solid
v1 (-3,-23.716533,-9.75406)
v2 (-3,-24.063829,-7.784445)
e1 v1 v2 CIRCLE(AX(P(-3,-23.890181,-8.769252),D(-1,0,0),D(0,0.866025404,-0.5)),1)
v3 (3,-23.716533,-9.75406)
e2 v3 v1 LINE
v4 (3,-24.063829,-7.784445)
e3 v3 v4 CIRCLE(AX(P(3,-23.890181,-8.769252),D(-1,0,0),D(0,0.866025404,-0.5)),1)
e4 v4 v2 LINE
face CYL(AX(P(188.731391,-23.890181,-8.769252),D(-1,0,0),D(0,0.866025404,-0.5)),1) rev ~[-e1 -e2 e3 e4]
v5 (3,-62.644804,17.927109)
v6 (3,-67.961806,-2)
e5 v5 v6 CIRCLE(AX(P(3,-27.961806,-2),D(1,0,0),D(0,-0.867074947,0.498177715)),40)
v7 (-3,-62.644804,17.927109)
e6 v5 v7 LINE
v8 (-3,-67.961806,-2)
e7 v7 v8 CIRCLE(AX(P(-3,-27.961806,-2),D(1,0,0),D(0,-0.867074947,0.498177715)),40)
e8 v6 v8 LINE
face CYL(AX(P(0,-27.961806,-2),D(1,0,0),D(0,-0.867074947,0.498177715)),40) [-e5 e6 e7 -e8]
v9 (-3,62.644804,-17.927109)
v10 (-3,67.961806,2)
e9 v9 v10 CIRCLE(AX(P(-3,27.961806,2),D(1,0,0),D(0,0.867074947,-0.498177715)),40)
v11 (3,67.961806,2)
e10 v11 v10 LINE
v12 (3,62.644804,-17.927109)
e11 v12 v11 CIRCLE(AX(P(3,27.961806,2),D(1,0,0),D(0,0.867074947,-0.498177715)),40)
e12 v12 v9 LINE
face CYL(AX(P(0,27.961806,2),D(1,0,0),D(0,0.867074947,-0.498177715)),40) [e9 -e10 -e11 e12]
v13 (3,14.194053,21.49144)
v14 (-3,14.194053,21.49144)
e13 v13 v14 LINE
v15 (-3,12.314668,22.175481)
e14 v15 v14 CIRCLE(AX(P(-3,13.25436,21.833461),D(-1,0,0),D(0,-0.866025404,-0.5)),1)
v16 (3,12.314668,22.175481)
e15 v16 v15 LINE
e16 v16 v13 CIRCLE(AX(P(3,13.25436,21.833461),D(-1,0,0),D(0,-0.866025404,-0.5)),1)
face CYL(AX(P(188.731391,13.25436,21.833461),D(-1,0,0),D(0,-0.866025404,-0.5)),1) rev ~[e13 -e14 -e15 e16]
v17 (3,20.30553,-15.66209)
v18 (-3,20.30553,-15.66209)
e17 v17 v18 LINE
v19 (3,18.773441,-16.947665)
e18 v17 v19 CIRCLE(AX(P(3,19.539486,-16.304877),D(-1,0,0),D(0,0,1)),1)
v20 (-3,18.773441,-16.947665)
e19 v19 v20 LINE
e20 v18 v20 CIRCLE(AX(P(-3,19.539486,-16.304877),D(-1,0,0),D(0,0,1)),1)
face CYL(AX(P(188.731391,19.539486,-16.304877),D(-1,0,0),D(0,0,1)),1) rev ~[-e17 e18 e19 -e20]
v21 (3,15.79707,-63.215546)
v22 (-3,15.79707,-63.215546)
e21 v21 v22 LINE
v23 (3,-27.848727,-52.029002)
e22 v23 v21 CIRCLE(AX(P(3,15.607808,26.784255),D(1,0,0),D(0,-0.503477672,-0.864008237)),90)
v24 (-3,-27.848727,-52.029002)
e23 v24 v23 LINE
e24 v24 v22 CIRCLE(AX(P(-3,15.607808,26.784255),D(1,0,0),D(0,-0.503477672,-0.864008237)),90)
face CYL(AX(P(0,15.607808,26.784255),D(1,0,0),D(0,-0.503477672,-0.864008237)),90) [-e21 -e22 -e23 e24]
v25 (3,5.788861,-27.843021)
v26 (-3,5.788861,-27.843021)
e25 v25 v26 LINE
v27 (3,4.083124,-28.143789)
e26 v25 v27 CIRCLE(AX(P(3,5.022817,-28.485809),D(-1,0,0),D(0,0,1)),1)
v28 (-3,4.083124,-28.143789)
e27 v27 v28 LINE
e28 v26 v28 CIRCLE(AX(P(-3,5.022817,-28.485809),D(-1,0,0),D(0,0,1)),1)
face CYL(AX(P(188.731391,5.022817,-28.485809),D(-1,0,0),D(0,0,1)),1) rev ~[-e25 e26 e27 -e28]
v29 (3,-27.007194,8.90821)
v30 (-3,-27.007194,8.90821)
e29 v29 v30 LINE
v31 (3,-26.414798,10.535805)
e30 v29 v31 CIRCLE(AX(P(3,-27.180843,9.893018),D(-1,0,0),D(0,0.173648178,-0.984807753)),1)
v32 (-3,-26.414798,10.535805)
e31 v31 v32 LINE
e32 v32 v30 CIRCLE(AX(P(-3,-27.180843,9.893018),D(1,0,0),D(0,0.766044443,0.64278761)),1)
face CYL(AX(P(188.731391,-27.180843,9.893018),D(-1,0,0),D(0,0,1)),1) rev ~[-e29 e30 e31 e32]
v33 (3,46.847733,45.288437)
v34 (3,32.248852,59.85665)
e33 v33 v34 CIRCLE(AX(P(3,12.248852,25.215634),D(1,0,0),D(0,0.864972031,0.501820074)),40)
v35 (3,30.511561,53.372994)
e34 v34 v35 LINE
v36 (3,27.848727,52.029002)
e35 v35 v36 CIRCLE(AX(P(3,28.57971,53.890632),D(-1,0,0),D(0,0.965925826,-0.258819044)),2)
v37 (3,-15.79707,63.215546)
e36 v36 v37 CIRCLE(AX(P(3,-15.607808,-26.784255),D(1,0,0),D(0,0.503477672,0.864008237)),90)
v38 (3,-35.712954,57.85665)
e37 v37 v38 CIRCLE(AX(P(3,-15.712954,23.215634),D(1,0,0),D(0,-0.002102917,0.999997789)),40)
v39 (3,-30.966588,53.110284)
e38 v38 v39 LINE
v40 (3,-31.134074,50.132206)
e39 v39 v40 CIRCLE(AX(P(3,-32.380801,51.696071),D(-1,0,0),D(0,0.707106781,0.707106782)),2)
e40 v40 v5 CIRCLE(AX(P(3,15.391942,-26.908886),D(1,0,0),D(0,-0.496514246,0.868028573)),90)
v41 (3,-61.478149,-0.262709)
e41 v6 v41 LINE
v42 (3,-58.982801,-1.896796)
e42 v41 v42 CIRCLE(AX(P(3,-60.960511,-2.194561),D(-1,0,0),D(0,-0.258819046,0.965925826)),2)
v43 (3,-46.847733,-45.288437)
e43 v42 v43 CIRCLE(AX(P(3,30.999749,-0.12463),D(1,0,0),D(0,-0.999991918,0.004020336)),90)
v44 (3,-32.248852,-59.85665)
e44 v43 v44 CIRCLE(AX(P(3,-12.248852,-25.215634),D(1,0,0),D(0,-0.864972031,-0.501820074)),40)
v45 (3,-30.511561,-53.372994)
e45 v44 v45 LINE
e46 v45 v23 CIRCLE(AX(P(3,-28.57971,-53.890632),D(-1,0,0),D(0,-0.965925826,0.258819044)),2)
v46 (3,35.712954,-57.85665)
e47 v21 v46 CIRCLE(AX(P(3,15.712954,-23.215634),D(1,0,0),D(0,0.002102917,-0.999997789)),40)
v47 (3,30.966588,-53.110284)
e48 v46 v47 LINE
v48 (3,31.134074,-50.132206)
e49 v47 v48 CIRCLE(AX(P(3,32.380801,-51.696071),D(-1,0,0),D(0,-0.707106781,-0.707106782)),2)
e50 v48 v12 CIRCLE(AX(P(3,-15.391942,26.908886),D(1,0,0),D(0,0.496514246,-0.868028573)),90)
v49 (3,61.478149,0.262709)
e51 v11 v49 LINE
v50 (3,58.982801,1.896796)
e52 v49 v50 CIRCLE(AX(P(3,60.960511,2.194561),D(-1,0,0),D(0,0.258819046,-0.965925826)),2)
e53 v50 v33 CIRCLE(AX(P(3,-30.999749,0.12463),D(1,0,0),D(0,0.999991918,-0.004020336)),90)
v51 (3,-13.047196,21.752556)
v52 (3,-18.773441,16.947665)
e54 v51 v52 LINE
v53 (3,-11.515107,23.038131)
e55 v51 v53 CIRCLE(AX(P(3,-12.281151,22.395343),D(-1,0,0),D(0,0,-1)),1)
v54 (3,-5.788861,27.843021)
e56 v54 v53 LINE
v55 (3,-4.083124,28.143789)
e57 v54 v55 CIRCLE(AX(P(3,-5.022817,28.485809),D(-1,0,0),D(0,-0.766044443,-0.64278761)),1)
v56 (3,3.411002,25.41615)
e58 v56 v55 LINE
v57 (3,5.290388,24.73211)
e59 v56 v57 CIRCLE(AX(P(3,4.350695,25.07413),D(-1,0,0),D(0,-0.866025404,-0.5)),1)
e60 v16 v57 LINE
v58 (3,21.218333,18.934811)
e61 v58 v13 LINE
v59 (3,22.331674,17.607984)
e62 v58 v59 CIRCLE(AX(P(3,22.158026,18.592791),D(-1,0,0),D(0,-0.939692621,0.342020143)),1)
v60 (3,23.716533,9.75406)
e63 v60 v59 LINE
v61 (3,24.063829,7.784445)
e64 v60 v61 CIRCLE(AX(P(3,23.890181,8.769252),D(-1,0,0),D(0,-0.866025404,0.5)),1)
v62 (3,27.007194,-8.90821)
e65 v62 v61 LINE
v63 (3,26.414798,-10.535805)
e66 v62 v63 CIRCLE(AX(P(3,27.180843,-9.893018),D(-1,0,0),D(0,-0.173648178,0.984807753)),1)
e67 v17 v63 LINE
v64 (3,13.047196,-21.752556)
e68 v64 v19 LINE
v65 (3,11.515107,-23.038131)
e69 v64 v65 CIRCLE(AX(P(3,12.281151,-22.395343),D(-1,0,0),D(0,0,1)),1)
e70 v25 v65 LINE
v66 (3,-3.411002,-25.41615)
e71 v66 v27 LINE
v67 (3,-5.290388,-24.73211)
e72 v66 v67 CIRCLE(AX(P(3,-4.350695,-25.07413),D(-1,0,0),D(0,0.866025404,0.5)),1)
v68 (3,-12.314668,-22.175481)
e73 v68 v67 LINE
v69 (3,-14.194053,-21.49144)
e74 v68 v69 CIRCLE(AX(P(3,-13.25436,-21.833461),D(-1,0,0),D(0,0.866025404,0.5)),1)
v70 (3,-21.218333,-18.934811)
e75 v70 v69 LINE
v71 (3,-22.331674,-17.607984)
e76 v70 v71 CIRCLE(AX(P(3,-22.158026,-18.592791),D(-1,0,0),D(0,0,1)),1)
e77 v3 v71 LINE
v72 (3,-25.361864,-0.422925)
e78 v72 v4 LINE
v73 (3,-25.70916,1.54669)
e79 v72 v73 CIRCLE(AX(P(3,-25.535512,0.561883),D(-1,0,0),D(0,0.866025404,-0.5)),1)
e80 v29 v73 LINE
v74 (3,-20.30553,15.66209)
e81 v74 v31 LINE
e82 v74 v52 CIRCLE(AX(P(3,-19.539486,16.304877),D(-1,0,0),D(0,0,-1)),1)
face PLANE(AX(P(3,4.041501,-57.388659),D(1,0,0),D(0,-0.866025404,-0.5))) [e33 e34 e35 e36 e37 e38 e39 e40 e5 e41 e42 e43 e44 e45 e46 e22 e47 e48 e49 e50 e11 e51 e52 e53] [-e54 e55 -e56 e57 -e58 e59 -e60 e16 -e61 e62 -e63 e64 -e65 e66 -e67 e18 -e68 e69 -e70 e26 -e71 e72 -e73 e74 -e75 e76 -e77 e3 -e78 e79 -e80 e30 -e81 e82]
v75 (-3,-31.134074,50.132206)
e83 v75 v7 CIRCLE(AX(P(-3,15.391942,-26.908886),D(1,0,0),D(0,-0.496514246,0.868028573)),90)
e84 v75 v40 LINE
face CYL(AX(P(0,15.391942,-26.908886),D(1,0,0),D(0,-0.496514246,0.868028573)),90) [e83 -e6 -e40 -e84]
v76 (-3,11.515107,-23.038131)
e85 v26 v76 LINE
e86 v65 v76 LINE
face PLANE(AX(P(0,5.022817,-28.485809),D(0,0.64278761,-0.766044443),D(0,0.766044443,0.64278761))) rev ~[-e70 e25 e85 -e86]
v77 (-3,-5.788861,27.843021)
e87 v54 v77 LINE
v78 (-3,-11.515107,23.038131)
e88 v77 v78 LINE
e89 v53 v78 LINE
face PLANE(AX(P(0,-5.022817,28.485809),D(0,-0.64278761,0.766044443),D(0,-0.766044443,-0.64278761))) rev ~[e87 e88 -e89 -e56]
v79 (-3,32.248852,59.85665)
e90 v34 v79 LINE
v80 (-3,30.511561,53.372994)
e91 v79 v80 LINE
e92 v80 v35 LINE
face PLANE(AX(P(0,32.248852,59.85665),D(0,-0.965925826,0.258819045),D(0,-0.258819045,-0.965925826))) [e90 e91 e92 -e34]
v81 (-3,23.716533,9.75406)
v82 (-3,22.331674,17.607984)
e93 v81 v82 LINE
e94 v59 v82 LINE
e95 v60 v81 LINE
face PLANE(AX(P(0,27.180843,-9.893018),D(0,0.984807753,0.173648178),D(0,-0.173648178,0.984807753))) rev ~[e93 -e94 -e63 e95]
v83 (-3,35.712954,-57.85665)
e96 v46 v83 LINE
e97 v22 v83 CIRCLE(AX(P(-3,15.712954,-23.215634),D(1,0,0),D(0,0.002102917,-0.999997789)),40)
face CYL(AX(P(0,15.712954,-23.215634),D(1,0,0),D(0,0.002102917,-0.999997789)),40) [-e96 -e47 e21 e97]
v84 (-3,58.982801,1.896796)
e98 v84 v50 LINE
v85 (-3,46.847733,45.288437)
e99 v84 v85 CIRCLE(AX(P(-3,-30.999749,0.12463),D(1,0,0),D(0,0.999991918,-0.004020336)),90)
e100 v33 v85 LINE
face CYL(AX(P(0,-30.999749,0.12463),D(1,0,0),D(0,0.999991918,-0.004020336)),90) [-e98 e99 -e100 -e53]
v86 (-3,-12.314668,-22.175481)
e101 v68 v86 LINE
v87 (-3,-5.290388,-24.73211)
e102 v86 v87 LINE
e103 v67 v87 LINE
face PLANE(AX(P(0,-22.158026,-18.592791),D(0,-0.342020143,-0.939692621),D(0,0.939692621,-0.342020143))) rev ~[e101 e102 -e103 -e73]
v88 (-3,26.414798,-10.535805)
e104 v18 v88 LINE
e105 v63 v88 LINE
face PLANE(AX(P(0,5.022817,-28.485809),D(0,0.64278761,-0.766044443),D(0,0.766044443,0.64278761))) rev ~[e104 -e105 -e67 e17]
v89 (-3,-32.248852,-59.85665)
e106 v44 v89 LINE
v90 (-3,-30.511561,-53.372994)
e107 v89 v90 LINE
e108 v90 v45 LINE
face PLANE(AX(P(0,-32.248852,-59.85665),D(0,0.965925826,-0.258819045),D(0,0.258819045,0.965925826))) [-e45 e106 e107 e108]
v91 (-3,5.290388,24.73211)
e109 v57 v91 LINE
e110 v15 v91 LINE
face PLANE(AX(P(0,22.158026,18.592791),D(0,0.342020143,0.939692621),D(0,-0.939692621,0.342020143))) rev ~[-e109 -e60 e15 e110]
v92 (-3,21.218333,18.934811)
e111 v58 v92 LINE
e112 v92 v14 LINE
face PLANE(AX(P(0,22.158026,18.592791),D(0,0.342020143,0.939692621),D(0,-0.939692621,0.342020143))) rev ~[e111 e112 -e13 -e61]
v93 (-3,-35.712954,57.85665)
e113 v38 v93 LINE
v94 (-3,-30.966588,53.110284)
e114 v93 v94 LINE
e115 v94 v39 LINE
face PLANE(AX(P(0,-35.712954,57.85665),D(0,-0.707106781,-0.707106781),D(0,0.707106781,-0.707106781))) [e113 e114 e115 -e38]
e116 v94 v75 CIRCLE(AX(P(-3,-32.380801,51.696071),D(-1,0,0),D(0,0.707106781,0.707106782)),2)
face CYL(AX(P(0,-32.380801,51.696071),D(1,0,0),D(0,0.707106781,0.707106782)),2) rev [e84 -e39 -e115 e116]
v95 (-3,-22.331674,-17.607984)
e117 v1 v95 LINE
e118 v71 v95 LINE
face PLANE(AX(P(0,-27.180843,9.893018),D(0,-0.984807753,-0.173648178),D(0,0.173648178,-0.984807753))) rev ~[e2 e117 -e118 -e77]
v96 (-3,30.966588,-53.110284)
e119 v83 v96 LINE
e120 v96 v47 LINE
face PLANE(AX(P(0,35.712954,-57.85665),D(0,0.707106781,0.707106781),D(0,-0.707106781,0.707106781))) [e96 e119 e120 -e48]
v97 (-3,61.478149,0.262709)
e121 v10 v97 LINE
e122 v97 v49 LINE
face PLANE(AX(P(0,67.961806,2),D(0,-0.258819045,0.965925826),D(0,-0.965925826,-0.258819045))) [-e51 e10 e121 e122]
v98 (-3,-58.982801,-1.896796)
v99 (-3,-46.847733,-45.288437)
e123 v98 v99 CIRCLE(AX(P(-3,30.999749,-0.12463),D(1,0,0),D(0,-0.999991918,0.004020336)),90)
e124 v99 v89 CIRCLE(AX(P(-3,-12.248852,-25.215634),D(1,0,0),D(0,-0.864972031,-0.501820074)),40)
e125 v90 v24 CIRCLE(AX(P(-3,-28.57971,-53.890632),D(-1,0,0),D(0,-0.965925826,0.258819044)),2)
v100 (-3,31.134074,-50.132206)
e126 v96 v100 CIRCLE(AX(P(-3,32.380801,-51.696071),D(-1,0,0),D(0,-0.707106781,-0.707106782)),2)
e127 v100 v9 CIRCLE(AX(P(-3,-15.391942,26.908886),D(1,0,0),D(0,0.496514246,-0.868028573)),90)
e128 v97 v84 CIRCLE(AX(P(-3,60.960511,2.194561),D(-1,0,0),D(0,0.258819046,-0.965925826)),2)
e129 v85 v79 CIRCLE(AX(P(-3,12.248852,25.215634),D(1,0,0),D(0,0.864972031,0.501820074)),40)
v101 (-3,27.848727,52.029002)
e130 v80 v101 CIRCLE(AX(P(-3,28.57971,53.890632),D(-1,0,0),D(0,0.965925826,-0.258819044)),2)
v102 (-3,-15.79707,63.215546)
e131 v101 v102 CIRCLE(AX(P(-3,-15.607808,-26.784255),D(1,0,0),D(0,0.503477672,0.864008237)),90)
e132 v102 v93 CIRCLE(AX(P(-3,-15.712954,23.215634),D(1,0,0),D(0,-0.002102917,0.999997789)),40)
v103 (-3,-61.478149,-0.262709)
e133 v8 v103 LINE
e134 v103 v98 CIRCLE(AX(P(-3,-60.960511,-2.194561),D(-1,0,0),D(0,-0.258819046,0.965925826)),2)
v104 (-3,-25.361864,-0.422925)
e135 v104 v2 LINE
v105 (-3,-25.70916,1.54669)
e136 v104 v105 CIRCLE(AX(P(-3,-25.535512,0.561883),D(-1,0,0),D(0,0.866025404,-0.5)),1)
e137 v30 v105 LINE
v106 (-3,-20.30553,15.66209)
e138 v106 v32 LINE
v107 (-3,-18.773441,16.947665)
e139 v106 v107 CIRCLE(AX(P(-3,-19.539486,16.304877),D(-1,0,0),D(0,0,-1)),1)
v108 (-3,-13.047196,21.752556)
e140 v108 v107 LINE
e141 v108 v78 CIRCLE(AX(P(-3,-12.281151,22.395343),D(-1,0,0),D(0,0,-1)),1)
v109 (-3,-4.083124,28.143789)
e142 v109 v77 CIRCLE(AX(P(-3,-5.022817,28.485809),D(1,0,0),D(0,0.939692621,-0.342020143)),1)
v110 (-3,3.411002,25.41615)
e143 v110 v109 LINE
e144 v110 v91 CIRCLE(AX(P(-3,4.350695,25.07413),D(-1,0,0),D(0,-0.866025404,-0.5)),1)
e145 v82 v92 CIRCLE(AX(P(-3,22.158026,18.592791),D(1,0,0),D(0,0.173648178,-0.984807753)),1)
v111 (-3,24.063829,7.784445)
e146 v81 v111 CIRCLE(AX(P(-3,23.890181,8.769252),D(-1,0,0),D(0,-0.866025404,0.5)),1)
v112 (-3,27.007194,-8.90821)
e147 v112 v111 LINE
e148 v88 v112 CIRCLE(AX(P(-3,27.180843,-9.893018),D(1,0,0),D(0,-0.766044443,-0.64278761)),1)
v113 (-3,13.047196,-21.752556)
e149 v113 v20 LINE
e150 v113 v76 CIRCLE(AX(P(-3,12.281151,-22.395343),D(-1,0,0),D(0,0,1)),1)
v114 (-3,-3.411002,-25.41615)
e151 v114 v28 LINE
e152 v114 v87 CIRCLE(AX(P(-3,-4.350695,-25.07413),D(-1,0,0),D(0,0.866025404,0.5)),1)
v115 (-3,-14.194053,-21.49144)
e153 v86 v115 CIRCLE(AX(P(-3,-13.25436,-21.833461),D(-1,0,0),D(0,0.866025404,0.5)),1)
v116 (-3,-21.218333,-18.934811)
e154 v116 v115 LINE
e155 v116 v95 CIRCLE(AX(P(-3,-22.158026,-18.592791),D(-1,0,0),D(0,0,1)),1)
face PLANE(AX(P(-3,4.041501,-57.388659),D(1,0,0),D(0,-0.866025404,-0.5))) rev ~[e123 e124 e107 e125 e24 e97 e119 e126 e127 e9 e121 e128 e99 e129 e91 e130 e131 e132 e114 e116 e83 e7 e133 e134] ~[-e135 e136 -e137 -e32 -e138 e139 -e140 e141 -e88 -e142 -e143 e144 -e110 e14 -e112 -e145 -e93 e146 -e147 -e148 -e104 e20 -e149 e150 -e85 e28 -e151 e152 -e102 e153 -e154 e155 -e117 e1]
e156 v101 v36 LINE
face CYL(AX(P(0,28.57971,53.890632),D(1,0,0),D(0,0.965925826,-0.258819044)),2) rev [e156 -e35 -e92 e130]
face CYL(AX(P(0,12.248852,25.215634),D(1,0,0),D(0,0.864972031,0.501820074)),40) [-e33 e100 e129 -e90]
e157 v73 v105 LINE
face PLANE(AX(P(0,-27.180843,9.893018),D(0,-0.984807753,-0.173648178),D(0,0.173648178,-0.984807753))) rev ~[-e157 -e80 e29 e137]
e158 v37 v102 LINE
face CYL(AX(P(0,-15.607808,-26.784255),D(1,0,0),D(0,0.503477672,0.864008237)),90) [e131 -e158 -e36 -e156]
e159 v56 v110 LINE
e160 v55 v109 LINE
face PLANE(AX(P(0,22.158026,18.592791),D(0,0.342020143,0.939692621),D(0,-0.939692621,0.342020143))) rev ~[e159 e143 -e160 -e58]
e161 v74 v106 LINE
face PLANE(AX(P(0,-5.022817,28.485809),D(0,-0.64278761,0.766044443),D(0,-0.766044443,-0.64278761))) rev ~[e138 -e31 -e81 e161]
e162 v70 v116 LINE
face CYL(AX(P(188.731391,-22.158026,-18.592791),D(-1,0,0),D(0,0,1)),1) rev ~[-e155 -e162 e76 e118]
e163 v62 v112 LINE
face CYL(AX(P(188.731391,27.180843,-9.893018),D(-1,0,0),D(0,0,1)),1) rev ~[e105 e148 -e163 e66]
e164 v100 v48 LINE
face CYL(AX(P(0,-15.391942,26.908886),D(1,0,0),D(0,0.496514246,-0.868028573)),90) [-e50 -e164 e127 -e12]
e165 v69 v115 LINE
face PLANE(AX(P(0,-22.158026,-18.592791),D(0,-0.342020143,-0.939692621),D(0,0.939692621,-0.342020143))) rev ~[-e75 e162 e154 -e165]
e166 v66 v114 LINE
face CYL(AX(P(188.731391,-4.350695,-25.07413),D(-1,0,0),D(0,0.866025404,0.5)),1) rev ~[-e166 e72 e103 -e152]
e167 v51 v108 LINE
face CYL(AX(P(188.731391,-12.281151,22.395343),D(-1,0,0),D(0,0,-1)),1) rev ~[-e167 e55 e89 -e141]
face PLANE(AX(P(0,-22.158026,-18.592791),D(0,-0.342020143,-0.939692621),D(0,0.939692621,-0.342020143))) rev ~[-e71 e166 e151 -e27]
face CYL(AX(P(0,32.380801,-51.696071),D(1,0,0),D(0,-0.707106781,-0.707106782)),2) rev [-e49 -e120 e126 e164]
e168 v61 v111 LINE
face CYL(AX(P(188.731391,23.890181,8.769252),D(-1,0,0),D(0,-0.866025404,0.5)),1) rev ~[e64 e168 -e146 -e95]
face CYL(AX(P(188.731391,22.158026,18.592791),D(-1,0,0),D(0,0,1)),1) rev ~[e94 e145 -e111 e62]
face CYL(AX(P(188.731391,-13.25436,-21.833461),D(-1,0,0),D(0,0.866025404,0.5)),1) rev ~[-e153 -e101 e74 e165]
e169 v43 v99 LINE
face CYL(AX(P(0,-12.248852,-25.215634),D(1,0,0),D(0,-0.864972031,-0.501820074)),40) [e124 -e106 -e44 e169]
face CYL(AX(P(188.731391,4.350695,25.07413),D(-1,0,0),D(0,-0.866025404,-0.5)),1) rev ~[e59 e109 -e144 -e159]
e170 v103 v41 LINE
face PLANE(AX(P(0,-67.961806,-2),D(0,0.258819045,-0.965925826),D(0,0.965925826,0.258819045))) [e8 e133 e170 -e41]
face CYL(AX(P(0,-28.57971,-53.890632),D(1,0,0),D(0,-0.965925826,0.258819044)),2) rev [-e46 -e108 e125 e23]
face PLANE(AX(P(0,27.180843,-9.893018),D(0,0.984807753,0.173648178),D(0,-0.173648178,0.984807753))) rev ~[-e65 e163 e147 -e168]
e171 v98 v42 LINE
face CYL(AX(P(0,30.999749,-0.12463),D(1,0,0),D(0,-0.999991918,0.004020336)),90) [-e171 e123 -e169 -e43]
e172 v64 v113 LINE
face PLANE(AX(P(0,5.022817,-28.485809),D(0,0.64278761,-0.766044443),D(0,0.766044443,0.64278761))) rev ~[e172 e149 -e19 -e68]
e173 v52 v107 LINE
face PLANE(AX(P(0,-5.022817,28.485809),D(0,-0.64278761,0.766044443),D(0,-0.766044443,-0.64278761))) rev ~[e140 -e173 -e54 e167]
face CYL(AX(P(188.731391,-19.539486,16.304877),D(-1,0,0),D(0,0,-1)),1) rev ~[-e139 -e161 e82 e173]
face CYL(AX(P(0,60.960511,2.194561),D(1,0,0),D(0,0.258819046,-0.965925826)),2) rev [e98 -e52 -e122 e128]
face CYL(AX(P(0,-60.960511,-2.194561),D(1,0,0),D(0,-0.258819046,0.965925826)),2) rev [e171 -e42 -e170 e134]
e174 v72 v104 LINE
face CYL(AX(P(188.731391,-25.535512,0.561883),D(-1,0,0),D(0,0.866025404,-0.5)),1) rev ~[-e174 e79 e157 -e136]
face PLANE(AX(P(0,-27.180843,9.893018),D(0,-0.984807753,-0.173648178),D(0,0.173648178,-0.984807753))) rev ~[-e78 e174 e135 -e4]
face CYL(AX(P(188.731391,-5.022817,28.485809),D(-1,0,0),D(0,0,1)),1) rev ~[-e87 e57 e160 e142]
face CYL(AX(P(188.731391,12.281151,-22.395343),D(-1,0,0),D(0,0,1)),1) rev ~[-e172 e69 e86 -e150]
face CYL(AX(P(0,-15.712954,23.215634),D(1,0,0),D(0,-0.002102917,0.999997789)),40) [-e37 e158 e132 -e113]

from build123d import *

# Parameters (mm, degrees)
SKETCH1_R                = 59
EXTRUDE1_DEPTH           = 3
EXTRUDE2_DEPTH           = 3
CIRPATTERN1_COUNT        = 6
F_2_0_2_DIAMETER_HOLE1_D = 2
F_2_0_2_DIAMETER_HOLE3_D = 2
F_2_0_2_DIAMETER_HOLE4_D = 2
CIRPATTERN2_COUNT        = 6
CIRPATTERN3_COUNT        = 5
CIRPATTERN3_ANGLE        = 240


with BuildPart() as part:
    # Sketch1 → Extrude1 (new, symmetric)
    with BuildSketch(Plane(origin=(0, 0, 0), x_dir=(0, 0, -1), z_dir=(1, 0, 0))):
        Circle(SKETCH1_R)
        Polygon((28.485808967, 5.022816688), (9.893017633, 27.180842557), (-18.592791334, 22.158025869), (-28.485808967, -5.022816688), (-9.893017633, -27.180842557), (18.592791334, -22.158025869), align=None, mode=Mode.SUBTRACT)
    extrude(amount=EXTRUDE1_DEPTH, both=True)

    # Sketch2 → Extrude2 (add, symmetric)
    with BuildSketch(Plane(origin=(0, 0, 0), x_dir=(0, 0, -1), z_dir=(1, 0, 0))):
        with BuildLine():
            Line((-2, 67.961805723), (-0.262709442, 61.478149092))
            ThreePointArc((-0.262709442, 61.478149092), (-0.58620663, 59.77173183), (-2.122608272, 58.961805723))
            ThreePointArc((-2.122608272, 58.961805723), (28.679663449, 51.560419941), (51.21368579, 29.294340542))
            ThreePointArc((51.21368579, 29.294340542), (36.791707484, 48.186627241), (17.927108603, 62.644803614))
            ThreePointArc((17.927108603, 62.644803614), (8.312130826, 66.609702921), (-2, 67.961805723))
        make_face()
    extrude2 = extrude(amount=EXTRUDE2_DEPTH, both=True)

    # CirPattern1: Extrude2 ×6 about axis
    cirpattern1_axis = Axis((0, 0, 0), (1, 0, 0))
    for i in range(1, CIRPATTERN1_COUNT):
        add(extrude2.rotate(cirpattern1_axis, i * 360 / CIRPATTERN1_COUNT))

    # Ø2.0 (2) Diameter Hole1 (through all)
    with Locations(Plane(origin=(3, 0, 0), x_dir=(0, 0, -1), z_dir=(1, 0, 0))):
        with Locations((9.893017633, 27.180842557), (28.485808967, 5.022816688), (18.592791334, -22.158025869), (-9.893017633, -27.180842557), (-28.485808967, -5.022816688), (-18.592791334, 22.158025869)):
            Hole(F_2_0_2_DIAMETER_HOLE1_D / 2)

    # Ø2.0 (2) Diameter Hole3 (through all)
    with Locations(Plane(origin=(3, 0, 0), x_dir=(0, 0, -1), z_dir=(1, 0, 0))):
        with Locations((16.304877281, 19.539485786)):
            f_2_0_2_diameter_hole3 = Hole(F_2_0_2_DIAMETER_HOLE3_D / 2)

    # Ø2.0 (2) Diameter Hole4 (through all)
    with Locations(Plane(origin=(3, 0, 0), x_dir=(0, 0, -1), z_dir=(1, 0, 0))):
        with Locations((22.395343124, 12.281151237)):
            f_2_0_2_diameter_hole4 = Hole(F_2_0_2_DIAMETER_HOLE4_D / 2)

    # CirPattern2: Ø2.0 (2) Diameter Hole3 ×6 about axis
    cirpattern2_axis = Axis((0, 0, 0), (1, 0, 0))
    for i in range(1, CIRPATTERN2_COUNT):
        add(f_2_0_2_diameter_hole3.rotate(cirpattern2_axis, i * 360 / CIRPATTERN2_COUNT), mode=Mode.SUBTRACT)

    # CirPattern3: Ø2.0 (2) Diameter Hole4 ×5 about axis
    cirpattern3_axis = Axis((0, 0, 0), (-1, 0, 0))
    for i in range(1, CIRPATTERN3_COUNT):
        add(f_2_0_2_diameter_hole4.rotate(cirpattern3_axis, i * CIRPATTERN3_ANGLE / (CIRPATTERN3_COUNT - 1)), mode=Mode.SUBTRACT)


solid = part.part
